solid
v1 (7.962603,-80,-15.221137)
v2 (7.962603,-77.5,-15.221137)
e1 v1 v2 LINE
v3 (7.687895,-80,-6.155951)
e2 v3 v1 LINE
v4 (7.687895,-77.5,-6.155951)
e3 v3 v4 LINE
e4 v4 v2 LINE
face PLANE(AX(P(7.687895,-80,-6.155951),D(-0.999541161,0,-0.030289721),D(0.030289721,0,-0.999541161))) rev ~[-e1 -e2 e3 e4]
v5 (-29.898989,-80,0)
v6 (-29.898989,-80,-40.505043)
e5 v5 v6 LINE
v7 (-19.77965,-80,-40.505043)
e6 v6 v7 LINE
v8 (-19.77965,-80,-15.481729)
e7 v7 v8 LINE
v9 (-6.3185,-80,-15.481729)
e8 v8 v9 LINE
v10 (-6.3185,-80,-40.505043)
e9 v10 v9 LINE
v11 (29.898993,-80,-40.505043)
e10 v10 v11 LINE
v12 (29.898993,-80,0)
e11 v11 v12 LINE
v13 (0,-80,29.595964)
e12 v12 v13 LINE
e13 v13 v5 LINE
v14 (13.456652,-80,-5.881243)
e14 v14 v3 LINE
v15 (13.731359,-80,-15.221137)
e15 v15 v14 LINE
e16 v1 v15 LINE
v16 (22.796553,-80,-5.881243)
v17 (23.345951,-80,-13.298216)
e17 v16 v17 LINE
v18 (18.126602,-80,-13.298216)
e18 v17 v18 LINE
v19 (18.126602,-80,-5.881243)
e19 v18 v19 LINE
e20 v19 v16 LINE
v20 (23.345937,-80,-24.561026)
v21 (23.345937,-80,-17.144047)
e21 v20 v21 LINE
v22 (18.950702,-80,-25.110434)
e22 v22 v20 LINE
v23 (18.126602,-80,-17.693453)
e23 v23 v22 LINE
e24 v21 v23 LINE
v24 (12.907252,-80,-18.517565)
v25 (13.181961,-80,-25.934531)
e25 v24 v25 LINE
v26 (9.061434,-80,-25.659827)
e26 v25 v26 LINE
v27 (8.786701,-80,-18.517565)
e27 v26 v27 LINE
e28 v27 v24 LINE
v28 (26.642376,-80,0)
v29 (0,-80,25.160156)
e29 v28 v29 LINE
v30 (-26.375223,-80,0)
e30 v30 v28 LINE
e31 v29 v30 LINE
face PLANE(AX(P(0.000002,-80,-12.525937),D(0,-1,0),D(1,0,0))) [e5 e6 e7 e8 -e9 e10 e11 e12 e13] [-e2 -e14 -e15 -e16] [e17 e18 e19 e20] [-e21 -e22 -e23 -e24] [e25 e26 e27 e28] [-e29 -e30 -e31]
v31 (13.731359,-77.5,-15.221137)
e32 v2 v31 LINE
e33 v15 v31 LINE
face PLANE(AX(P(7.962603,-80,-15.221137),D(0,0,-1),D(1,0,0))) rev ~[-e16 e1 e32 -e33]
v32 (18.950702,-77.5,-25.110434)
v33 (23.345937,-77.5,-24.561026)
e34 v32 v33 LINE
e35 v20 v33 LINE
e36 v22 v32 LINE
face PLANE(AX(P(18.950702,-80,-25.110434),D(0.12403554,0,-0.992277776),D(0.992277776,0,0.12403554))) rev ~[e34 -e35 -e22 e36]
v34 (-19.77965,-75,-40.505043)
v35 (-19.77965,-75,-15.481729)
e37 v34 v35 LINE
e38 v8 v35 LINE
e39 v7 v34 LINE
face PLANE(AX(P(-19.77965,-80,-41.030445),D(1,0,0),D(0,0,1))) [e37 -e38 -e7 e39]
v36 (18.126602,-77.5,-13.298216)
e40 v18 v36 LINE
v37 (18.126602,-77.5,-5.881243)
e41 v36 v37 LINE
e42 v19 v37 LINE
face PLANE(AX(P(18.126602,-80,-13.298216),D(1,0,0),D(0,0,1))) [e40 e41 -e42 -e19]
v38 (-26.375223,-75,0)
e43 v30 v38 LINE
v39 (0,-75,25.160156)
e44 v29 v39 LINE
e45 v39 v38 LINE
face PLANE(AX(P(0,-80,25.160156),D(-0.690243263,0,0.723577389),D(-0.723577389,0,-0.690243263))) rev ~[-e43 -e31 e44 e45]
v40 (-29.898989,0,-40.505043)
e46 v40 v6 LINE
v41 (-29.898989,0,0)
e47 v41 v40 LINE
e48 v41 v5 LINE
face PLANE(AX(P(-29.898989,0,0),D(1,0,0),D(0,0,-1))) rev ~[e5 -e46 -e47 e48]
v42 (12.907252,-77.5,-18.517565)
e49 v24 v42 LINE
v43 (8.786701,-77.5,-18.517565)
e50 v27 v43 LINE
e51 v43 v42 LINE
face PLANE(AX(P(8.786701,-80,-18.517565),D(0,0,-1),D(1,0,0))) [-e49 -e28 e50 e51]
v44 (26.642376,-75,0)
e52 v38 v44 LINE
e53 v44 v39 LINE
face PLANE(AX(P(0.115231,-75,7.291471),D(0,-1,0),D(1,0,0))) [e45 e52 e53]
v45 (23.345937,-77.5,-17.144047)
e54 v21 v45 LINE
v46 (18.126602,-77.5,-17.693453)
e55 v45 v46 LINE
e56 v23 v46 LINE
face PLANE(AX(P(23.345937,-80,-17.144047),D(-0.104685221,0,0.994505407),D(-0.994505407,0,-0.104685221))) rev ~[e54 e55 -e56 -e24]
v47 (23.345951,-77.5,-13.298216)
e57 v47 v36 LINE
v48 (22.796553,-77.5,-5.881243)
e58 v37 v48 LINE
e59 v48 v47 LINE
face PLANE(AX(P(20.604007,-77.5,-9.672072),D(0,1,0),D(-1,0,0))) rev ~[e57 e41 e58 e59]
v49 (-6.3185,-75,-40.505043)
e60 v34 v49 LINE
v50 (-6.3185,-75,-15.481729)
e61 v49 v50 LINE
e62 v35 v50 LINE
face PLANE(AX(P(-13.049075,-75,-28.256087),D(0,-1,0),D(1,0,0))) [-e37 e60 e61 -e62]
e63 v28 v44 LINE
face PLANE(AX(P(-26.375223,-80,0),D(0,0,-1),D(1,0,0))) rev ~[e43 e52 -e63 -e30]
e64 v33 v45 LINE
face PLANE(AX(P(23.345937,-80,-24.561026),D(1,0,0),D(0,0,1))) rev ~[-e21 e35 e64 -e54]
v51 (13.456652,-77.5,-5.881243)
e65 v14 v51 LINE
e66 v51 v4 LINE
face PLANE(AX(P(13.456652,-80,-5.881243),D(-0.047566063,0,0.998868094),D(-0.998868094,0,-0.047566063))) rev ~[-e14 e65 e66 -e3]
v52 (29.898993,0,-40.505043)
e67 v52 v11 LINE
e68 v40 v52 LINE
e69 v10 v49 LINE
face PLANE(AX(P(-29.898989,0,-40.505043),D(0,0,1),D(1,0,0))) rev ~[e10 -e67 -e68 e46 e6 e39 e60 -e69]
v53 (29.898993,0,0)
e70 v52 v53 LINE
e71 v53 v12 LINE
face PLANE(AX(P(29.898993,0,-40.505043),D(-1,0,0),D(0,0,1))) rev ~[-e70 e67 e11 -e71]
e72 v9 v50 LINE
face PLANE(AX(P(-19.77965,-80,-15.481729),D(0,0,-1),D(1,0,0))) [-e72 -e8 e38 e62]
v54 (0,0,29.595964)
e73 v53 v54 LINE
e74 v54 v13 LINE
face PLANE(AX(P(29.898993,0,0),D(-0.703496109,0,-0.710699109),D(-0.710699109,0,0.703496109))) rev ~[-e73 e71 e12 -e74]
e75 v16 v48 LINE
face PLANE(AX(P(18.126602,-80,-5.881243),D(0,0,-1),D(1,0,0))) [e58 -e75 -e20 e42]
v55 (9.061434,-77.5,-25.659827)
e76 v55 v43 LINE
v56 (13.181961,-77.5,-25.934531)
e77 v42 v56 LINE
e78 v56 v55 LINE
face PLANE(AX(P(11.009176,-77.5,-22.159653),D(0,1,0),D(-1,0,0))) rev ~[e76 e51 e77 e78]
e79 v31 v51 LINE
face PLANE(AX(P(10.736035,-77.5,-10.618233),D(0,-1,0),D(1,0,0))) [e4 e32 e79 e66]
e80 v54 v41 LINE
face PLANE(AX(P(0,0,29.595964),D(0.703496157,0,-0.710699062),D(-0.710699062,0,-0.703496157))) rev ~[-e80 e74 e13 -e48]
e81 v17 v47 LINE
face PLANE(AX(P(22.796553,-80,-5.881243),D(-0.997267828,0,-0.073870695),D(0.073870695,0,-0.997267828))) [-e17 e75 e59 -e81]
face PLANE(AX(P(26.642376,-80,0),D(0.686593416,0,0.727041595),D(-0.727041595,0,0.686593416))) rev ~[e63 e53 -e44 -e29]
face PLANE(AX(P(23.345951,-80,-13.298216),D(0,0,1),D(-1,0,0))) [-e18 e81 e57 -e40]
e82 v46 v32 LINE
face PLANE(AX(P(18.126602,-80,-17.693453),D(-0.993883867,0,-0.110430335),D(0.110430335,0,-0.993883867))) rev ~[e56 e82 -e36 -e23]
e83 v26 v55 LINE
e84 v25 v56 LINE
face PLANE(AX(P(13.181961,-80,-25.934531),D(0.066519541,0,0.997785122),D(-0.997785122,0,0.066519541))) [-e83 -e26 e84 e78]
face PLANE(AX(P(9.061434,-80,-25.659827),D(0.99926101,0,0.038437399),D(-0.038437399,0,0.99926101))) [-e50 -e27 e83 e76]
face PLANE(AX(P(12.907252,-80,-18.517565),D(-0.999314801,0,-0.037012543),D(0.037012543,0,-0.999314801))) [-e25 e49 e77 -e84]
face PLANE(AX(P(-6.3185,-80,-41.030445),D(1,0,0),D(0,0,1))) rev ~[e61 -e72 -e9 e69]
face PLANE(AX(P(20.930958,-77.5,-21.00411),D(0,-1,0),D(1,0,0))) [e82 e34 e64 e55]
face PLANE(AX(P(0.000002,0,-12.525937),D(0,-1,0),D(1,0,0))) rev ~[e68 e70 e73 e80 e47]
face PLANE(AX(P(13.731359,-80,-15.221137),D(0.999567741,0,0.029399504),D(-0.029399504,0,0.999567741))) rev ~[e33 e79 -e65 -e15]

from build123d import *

# Parameters (mm, degrees)
PAD_DEPTH       = 80
SKETCH001_W     = 13.46115
SKETCH001_H     = 25.548716
POCKET_DEPTH    = 5
POCKET001_DEPTH = 5
POCKET002_DEPTH = 2.5
POCKET003_DEPTH = 2.5


with BuildPart() as part:
    # Sketch → Pad (new body)
    with BuildSketch(Plane.XZ):
        Polygon((0, 29.595964), (-29.898989, 0), (-29.898989, -40.505043), (29.898993, -40.505043), (29.898993, 0), align=None)
    extrude(amount=PAD_DEPTH)

    # Sketch001 (on Face7 of Pad) → Pocket (cut)
    with BuildSketch(Plane.XZ.offset(80)):
        with Locations((-13.049075, -28.256087)):
            Rectangle(SKETCH001_W, SKETCH001_H)
    extrude(amount=-POCKET_DEPTH, mode=Mode.SUBTRACT)

    # Sketch002 (on Face5 of Pocket) → Pocket001 (cut)
    with BuildSketch(Plane.XZ.offset(80)):
        Polygon((0, 25.160156), (-26.375223, 0), (26.642376, 0), align=None)
    extrude(amount=-POCKET001_DEPTH, mode=Mode.SUBTRACT)

    # Sketch004 (on Face5 of Pocket001) → Pocket002 (cut)
    with BuildSketch(Plane.XZ.offset(80)):
        Polygon((23.345951, -13.298216), (18.126602, -13.298216), (18.126602, -5.881243), (22.796553, -5.881243), align=None)
        Polygon((8.786701, -18.517565), (12.907252, -18.517565), (13.181961, -25.934531), (9.061434, -25.659827), align=None)
        Polygon((18.126602, -17.693453), (18.950702, -25.110434), (23.345937, -24.561026), (23.345937, -17.144047), align=None)
    extrude(amount=-POCKET002_DEPTH, mode=Mode.SUBTRACT)

    # Sketch003 (on Face5 of Pocket001) → Pocket003 (cut)
    with BuildSketch(Plane.XZ.offset(80)):
        Polygon((7.687895, -6.155951), (7.962603, -15.221137), (13.731359, -15.221137), (13.456652, -5.881243), align=None)
    extrude(amount=-POCKET003_DEPTH, mode=Mode.SUBTRACT)


solid = part.part
